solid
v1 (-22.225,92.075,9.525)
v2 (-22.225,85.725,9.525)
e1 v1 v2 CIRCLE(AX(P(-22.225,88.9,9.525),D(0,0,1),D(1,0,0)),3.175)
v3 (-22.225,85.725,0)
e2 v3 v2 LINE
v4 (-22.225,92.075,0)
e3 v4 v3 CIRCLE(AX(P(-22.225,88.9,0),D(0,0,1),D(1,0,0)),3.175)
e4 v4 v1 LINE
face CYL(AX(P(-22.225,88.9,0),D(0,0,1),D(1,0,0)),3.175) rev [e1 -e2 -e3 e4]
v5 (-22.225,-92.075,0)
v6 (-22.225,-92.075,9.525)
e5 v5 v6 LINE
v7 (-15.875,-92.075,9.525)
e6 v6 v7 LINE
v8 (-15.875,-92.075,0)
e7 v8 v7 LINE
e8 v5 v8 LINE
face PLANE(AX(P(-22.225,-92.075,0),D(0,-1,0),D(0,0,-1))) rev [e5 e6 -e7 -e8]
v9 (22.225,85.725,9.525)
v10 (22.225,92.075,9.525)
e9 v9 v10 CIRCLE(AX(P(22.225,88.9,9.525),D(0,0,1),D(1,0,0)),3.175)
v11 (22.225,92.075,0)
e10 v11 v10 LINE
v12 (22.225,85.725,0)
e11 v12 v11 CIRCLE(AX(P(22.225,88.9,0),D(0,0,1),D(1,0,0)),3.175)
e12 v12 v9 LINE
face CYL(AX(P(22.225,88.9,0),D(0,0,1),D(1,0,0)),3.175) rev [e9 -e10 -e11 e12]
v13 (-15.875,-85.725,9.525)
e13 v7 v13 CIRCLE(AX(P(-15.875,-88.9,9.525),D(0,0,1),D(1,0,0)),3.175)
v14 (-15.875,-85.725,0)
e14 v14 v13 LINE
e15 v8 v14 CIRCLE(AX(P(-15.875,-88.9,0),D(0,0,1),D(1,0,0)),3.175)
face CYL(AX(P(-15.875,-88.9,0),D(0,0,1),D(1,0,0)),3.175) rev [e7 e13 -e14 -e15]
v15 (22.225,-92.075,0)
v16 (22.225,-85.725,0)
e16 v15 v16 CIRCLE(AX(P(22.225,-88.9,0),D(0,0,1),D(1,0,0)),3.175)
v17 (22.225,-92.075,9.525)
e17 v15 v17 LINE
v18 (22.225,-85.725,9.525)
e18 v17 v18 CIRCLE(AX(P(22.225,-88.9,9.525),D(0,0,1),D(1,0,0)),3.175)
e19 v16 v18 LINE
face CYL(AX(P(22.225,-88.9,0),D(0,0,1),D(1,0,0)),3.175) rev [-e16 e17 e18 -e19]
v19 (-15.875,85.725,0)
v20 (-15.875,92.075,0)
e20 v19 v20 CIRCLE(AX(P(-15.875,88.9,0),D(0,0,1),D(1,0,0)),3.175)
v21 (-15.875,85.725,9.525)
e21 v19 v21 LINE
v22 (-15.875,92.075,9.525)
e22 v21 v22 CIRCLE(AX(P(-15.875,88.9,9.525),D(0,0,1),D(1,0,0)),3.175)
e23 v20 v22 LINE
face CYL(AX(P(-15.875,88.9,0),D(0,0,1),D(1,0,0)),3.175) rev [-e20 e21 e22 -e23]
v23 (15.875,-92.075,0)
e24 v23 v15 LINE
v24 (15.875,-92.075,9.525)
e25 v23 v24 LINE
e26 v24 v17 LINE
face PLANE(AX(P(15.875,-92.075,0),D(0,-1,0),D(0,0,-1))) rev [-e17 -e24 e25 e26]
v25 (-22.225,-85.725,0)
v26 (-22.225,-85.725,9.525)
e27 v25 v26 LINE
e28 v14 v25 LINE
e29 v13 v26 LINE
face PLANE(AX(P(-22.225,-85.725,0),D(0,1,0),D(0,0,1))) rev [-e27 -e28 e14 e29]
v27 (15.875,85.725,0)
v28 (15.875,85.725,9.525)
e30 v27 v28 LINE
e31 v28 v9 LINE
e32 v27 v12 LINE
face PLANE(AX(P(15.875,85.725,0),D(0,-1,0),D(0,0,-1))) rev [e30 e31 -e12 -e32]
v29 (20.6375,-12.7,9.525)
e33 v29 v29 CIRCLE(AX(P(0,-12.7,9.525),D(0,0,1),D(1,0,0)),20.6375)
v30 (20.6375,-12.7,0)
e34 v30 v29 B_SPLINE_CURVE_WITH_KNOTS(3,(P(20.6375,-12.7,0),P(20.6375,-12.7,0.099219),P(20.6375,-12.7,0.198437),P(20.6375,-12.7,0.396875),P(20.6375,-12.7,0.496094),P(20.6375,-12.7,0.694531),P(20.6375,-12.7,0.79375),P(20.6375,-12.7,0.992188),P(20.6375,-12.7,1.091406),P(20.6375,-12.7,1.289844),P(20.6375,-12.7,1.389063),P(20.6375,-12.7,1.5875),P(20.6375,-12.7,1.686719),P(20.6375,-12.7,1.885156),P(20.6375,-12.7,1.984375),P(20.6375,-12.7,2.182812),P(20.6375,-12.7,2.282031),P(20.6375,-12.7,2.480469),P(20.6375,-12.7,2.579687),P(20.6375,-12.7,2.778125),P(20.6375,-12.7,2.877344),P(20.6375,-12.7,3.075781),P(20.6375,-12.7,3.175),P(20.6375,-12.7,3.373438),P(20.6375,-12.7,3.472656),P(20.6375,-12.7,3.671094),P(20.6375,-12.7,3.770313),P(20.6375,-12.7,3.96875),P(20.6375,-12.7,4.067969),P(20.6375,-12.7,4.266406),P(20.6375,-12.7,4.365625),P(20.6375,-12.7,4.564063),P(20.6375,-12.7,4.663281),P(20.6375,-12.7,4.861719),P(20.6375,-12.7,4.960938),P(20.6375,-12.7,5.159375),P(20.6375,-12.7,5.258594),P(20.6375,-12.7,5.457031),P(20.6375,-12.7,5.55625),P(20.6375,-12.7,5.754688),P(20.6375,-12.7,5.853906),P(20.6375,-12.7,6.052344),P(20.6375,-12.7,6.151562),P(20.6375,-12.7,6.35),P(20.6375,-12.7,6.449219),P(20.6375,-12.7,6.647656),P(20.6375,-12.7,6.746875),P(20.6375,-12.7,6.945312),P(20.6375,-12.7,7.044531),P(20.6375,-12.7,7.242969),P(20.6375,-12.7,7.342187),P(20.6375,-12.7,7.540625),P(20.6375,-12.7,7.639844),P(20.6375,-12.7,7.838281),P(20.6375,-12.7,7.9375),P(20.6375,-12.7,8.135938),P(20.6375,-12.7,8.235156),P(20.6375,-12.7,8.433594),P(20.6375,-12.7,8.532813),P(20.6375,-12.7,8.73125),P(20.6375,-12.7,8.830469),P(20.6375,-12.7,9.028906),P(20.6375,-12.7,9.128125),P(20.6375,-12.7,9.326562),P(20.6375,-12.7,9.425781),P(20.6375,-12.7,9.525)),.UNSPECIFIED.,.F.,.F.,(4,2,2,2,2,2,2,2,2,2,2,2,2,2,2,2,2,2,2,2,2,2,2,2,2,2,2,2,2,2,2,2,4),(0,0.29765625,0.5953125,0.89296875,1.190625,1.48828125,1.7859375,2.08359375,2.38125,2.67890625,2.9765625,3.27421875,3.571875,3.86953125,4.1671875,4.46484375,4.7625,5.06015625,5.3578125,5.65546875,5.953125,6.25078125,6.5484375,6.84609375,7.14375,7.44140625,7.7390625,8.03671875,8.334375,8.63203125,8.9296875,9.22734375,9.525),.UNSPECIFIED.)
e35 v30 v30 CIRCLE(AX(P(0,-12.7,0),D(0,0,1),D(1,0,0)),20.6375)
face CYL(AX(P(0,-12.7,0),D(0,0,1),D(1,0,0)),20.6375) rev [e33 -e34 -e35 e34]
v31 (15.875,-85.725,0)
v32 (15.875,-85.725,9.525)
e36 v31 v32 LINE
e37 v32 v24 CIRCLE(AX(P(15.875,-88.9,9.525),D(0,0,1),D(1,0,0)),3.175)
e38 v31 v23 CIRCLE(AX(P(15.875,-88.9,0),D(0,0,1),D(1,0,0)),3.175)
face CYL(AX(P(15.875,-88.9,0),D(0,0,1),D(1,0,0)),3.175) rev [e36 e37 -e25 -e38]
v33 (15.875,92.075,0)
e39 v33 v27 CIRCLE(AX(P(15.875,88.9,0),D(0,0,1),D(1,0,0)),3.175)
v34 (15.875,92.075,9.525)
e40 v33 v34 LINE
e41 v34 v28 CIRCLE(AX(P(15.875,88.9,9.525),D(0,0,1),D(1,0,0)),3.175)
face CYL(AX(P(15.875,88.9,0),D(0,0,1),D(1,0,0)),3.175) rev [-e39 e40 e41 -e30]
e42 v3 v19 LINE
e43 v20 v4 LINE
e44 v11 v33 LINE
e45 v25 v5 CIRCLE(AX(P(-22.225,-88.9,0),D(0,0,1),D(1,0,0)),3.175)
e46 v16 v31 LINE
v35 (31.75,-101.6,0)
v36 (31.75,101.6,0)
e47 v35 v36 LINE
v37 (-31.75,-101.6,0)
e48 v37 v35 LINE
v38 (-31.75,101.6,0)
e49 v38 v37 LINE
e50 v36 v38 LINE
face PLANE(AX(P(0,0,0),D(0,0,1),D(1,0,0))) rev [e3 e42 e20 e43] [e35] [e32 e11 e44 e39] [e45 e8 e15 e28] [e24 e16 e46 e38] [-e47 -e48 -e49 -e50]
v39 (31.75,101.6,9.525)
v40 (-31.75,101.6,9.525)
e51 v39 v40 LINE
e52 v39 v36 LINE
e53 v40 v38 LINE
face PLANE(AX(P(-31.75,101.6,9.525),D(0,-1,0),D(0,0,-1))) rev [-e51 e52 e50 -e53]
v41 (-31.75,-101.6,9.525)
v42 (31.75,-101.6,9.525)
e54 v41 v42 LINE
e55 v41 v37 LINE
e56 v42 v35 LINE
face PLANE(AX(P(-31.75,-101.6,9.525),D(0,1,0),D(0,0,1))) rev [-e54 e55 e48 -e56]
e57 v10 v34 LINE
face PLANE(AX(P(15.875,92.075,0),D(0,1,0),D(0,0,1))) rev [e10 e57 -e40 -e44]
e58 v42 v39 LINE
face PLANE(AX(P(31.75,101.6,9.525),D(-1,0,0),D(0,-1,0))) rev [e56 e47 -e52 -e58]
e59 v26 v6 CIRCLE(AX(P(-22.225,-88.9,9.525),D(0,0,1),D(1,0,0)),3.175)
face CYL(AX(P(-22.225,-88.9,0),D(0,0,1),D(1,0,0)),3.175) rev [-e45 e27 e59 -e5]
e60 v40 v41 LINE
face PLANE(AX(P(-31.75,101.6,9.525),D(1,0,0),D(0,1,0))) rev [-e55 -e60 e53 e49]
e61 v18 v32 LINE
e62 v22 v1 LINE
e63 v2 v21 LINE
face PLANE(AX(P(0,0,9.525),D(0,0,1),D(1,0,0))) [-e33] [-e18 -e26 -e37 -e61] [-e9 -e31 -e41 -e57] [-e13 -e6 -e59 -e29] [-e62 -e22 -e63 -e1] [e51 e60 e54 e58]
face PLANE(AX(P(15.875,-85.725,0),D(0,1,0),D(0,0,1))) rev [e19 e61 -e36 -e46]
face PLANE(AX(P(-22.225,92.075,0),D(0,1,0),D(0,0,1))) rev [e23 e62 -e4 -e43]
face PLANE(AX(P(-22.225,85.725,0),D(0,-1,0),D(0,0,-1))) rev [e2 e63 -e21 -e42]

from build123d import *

# Parameters (mm, degrees)
SKETCH1_W            = 63.5
SKETCH1_H            = 203.2
BOSS_EXTRUDE1_DEPTH  = 9.525
CUT_EXTRUDE1_DEPTH   = 107.870707516
LPATTERN1_COUNT      = 2
LPATTERN1_PITCH      = 38.1
LPATTERN1_COUNT_DIR2 = 2
LPATTERN1_PITCH_DIR2 = 177.8
SKETCH3_R            = 20.6375
CUT_EXTRUDE2_DEPTH   = 107.870707516


with BuildPart() as part:
    # Sketch1 → Boss-Extrude1 (new body)
    with BuildSketch(Plane.XY):
        Rectangle(SKETCH1_W, SKETCH1_H)
    extrude(amount=BOSS_EXTRUDE1_DEPTH)

    # Sketch2 → Cut-Extrude1 (cut, through all)
    with BuildSketch(Plane.XY.offset(9.525)):
        with BuildLine():
            Line((-22.225, 92.075), (-15.875, 92.075))
            ThreePointArc((-15.875, 92.075), (-12.7, 88.9), (-15.875, 85.725))
            Line((-15.875, 85.725), (-22.225, 85.725))
            ThreePointArc((-22.225, 85.725), (-25.4, 88.9), (-22.225, 92.075))
        make_face()
    cut_extrude1 = extrude(amount=-CUT_EXTRUDE1_DEPTH, mode=Mode.SUBTRACT)

    # LPattern1: Cut-Extrude1 2 × 2
    with Locations(*[(i * LPATTERN1_PITCH, -j * LPATTERN1_PITCH_DIR2, 0) for i in range(LPATTERN1_COUNT) for j in range(LPATTERN1_COUNT_DIR2) if (i, j) != (0, 0)]):
        add(cut_extrude1, mode=Mode.SUBTRACT)

    # Sketch3 → Cut-Extrude2 (cut, through all)
    with BuildSketch(Plane.XY.offset(9.525)):
        with Locations((0, -12.7)):
            Circle(SKETCH3_R)
    extrude(amount=-CUT_EXTRUDE2_DEPTH, mode=Mode.SUBTRACT)


solid = part.part
